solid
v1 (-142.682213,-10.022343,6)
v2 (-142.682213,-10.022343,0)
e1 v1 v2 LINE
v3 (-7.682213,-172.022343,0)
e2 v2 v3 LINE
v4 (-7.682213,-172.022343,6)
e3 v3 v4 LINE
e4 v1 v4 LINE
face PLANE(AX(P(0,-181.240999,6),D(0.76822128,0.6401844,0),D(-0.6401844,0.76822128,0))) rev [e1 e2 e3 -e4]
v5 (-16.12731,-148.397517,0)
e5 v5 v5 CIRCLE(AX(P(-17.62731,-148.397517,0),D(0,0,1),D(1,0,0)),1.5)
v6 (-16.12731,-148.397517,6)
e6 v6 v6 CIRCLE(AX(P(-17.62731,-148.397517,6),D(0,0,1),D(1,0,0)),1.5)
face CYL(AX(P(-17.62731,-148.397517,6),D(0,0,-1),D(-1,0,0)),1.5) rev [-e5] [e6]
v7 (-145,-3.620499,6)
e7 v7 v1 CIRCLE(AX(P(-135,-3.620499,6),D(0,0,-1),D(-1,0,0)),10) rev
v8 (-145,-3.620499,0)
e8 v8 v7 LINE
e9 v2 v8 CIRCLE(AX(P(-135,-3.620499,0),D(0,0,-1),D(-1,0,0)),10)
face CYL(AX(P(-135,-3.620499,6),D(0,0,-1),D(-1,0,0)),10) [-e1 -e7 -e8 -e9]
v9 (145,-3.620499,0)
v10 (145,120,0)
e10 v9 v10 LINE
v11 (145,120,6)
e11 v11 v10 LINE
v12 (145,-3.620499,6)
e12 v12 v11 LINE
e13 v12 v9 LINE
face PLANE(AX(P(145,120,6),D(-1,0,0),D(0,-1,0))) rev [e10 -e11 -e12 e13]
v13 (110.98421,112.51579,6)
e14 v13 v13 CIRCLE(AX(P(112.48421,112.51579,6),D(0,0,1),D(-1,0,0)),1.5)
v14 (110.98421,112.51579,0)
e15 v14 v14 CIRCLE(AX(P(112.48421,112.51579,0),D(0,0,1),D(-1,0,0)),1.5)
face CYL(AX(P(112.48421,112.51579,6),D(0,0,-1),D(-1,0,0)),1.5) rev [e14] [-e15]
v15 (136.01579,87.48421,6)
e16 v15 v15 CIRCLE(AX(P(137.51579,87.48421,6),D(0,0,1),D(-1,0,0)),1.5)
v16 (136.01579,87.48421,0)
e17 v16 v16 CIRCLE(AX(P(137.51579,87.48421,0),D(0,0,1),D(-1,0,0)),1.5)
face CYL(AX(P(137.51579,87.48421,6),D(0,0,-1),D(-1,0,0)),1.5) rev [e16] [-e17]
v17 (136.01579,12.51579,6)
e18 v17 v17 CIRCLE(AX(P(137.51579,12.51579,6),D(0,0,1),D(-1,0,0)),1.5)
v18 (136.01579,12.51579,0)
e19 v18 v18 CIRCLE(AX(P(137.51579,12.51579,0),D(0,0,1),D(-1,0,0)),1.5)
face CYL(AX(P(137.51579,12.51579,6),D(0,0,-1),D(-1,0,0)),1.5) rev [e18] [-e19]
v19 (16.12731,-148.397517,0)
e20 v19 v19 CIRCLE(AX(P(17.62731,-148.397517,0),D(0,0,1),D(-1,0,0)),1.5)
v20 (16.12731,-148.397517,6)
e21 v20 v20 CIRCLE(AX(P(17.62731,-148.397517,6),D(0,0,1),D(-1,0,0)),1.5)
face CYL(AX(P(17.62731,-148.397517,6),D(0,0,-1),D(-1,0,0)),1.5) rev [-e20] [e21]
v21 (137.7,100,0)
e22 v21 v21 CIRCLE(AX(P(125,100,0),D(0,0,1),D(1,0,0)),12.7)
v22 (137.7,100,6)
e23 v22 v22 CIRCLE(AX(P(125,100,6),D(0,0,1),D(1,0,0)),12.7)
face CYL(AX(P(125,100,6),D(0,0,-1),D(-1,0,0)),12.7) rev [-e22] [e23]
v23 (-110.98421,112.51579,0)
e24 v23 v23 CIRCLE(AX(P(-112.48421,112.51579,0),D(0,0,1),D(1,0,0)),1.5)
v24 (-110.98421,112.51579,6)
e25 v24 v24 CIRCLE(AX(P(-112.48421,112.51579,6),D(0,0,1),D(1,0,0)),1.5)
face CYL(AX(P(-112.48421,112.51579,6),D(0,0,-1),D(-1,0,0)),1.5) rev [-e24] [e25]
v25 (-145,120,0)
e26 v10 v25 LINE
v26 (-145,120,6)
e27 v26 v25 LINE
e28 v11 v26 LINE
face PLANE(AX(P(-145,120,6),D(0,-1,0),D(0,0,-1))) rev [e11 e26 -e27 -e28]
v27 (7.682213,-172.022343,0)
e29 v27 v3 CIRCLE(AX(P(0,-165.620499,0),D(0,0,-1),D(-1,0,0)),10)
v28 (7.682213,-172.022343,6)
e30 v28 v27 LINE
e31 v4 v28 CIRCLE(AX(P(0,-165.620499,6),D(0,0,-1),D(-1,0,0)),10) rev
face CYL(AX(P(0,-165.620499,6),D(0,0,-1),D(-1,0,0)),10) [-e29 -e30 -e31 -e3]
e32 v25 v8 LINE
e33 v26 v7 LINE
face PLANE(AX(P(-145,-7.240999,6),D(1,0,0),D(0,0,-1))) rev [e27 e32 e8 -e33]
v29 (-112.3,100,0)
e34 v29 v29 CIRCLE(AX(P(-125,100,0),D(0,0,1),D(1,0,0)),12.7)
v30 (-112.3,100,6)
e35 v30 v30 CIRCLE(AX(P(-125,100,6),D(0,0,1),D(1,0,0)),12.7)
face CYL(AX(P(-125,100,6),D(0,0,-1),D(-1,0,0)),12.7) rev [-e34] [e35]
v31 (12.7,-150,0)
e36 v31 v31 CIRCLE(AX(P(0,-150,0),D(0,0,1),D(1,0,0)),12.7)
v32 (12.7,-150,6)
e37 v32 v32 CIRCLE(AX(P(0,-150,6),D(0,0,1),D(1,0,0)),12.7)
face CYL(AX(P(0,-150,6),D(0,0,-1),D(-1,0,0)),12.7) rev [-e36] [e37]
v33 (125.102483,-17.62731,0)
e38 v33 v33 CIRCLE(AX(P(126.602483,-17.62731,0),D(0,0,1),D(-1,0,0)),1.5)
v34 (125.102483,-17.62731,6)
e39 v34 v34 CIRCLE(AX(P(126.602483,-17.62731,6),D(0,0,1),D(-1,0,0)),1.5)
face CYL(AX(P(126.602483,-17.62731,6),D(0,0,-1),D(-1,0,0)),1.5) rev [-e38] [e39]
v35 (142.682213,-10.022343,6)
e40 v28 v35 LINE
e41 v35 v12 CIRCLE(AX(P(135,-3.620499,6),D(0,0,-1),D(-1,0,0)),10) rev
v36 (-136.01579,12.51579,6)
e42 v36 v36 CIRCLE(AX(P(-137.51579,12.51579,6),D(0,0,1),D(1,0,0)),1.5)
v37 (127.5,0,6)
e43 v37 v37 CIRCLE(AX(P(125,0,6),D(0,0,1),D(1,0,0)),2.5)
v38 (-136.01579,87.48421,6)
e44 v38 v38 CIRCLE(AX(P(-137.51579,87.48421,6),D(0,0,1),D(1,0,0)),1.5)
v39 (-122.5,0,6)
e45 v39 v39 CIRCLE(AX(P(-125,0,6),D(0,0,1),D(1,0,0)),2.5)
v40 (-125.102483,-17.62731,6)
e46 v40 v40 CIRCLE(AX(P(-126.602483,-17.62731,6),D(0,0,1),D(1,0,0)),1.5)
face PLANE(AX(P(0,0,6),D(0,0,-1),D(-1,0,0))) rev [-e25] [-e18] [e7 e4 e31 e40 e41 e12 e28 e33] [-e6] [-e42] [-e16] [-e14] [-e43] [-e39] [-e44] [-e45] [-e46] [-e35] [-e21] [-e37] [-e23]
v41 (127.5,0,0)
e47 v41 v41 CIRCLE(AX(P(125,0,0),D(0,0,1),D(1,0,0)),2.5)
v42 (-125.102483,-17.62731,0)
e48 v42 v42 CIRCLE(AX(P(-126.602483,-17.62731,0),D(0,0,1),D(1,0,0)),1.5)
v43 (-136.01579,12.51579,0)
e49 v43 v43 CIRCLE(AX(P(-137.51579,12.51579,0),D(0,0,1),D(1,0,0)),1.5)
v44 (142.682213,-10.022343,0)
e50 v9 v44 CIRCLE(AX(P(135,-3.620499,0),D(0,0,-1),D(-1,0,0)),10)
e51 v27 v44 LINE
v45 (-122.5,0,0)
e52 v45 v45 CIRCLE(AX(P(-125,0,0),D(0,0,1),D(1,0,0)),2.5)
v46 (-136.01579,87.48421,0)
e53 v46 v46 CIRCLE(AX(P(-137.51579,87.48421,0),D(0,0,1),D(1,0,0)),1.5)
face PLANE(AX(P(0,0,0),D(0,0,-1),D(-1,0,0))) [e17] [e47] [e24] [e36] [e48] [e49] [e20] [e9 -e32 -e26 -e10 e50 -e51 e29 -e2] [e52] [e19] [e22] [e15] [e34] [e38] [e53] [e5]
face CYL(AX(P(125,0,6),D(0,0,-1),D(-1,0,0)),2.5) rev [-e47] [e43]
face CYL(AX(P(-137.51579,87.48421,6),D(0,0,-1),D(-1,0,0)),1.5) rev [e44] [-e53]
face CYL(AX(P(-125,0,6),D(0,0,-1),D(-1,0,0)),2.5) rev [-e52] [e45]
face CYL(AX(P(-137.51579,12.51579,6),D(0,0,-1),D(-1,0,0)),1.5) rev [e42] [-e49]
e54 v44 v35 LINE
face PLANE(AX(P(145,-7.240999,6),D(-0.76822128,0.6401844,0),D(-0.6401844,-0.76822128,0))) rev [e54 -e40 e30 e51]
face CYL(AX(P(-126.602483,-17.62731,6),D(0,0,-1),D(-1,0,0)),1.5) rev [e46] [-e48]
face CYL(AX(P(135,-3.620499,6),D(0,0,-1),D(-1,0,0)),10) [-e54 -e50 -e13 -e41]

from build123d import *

# Parameters (mm, degrees)
SKETCH1_R           = 12.7
SKETCH1_R_2         = 2.5
SKETCH1_R_3         = 1.5
BOSS_EXTRUDE1_DEPTH = 6
FILLET1_R           = 10


with BuildPart() as part:
    # Sketch1 → Boss-Extrude1 (new body)
    with BuildSketch(Plane.XY):
        Polygon((-145, 120), (145, 120), (145, -7.240998704), (0, -181.240998704), (-145, -7.240998704), align=None)
        with Locations((-125, 100)):
            Circle(SKETCH1_R, mode=Mode.SUBTRACT)
        with Locations((125, 100)):
            Circle(SKETCH1_R, mode=Mode.SUBTRACT)
        with Locations((-125, 0)):
            Circle(SKETCH1_R_2, mode=Mode.SUBTRACT)
        with Locations((125, 0)):
            Circle(SKETCH1_R_2, mode=Mode.SUBTRACT)
        with Locations((0, -150)):
            Circle(SKETCH1_R, mode=Mode.SUBTRACT)
        with Locations((-137.515790027, 87.484209973)):
            Circle(SKETCH1_R_3, mode=Mode.SUBTRACT)
        with Locations((-112.484209973, 112.515790027)):
            Circle(SKETCH1_R_3, mode=Mode.SUBTRACT)
        with Locations((-137.515790027, 12.515790027)):
            Circle(SKETCH1_R_3, mode=Mode.SUBTRACT)
        with Locations((-126.602482705, -17.627309754)):
            Circle(SKETCH1_R_3, mode=Mode.SUBTRACT)
        with Locations((-17.627309754, -148.397517295)):
            Circle(SKETCH1_R_3, mode=Mode.SUBTRACT)
        with Locations(Location((17.627309754, -148.397517295, 0), (0, 0, 180))):
            Circle(SKETCH1_R_3, mode=Mode.SUBTRACT)
        with Locations(Location((126.602482705, -17.627309754, 0), (0, 0, 180))):
            Circle(SKETCH1_R_3, mode=Mode.SUBTRACT)
        with Locations(Location((137.515790027, 12.515790027, 0), (0, 0, 180))):
            Circle(SKETCH1_R_3, mode=Mode.SUBTRACT)
        with Locations(Location((137.515790027, 87.484209973, 0), (0, 0, 180))):
            Circle(SKETCH1_R_3, mode=Mode.SUBTRACT)
        with Locations(Location((112.484209973, 112.515790027, 0), (0, 0, 180))):
            Circle(SKETCH1_R_3, mode=Mode.SUBTRACT)
    extrude(amount=BOSS_EXTRUDE1_DEPTH)

    # Fillet1
    fillet1_edges = [part.edges().sort_by_distance(p)[0] for p in [
        (145, -7.240998704, 3),
        (0, -181.240998704, 3),
        (-145, -7.240998704, 3),
    ]]
    fillet(fillet1_edges, radius=FILLET1_R)


solid = part.part
